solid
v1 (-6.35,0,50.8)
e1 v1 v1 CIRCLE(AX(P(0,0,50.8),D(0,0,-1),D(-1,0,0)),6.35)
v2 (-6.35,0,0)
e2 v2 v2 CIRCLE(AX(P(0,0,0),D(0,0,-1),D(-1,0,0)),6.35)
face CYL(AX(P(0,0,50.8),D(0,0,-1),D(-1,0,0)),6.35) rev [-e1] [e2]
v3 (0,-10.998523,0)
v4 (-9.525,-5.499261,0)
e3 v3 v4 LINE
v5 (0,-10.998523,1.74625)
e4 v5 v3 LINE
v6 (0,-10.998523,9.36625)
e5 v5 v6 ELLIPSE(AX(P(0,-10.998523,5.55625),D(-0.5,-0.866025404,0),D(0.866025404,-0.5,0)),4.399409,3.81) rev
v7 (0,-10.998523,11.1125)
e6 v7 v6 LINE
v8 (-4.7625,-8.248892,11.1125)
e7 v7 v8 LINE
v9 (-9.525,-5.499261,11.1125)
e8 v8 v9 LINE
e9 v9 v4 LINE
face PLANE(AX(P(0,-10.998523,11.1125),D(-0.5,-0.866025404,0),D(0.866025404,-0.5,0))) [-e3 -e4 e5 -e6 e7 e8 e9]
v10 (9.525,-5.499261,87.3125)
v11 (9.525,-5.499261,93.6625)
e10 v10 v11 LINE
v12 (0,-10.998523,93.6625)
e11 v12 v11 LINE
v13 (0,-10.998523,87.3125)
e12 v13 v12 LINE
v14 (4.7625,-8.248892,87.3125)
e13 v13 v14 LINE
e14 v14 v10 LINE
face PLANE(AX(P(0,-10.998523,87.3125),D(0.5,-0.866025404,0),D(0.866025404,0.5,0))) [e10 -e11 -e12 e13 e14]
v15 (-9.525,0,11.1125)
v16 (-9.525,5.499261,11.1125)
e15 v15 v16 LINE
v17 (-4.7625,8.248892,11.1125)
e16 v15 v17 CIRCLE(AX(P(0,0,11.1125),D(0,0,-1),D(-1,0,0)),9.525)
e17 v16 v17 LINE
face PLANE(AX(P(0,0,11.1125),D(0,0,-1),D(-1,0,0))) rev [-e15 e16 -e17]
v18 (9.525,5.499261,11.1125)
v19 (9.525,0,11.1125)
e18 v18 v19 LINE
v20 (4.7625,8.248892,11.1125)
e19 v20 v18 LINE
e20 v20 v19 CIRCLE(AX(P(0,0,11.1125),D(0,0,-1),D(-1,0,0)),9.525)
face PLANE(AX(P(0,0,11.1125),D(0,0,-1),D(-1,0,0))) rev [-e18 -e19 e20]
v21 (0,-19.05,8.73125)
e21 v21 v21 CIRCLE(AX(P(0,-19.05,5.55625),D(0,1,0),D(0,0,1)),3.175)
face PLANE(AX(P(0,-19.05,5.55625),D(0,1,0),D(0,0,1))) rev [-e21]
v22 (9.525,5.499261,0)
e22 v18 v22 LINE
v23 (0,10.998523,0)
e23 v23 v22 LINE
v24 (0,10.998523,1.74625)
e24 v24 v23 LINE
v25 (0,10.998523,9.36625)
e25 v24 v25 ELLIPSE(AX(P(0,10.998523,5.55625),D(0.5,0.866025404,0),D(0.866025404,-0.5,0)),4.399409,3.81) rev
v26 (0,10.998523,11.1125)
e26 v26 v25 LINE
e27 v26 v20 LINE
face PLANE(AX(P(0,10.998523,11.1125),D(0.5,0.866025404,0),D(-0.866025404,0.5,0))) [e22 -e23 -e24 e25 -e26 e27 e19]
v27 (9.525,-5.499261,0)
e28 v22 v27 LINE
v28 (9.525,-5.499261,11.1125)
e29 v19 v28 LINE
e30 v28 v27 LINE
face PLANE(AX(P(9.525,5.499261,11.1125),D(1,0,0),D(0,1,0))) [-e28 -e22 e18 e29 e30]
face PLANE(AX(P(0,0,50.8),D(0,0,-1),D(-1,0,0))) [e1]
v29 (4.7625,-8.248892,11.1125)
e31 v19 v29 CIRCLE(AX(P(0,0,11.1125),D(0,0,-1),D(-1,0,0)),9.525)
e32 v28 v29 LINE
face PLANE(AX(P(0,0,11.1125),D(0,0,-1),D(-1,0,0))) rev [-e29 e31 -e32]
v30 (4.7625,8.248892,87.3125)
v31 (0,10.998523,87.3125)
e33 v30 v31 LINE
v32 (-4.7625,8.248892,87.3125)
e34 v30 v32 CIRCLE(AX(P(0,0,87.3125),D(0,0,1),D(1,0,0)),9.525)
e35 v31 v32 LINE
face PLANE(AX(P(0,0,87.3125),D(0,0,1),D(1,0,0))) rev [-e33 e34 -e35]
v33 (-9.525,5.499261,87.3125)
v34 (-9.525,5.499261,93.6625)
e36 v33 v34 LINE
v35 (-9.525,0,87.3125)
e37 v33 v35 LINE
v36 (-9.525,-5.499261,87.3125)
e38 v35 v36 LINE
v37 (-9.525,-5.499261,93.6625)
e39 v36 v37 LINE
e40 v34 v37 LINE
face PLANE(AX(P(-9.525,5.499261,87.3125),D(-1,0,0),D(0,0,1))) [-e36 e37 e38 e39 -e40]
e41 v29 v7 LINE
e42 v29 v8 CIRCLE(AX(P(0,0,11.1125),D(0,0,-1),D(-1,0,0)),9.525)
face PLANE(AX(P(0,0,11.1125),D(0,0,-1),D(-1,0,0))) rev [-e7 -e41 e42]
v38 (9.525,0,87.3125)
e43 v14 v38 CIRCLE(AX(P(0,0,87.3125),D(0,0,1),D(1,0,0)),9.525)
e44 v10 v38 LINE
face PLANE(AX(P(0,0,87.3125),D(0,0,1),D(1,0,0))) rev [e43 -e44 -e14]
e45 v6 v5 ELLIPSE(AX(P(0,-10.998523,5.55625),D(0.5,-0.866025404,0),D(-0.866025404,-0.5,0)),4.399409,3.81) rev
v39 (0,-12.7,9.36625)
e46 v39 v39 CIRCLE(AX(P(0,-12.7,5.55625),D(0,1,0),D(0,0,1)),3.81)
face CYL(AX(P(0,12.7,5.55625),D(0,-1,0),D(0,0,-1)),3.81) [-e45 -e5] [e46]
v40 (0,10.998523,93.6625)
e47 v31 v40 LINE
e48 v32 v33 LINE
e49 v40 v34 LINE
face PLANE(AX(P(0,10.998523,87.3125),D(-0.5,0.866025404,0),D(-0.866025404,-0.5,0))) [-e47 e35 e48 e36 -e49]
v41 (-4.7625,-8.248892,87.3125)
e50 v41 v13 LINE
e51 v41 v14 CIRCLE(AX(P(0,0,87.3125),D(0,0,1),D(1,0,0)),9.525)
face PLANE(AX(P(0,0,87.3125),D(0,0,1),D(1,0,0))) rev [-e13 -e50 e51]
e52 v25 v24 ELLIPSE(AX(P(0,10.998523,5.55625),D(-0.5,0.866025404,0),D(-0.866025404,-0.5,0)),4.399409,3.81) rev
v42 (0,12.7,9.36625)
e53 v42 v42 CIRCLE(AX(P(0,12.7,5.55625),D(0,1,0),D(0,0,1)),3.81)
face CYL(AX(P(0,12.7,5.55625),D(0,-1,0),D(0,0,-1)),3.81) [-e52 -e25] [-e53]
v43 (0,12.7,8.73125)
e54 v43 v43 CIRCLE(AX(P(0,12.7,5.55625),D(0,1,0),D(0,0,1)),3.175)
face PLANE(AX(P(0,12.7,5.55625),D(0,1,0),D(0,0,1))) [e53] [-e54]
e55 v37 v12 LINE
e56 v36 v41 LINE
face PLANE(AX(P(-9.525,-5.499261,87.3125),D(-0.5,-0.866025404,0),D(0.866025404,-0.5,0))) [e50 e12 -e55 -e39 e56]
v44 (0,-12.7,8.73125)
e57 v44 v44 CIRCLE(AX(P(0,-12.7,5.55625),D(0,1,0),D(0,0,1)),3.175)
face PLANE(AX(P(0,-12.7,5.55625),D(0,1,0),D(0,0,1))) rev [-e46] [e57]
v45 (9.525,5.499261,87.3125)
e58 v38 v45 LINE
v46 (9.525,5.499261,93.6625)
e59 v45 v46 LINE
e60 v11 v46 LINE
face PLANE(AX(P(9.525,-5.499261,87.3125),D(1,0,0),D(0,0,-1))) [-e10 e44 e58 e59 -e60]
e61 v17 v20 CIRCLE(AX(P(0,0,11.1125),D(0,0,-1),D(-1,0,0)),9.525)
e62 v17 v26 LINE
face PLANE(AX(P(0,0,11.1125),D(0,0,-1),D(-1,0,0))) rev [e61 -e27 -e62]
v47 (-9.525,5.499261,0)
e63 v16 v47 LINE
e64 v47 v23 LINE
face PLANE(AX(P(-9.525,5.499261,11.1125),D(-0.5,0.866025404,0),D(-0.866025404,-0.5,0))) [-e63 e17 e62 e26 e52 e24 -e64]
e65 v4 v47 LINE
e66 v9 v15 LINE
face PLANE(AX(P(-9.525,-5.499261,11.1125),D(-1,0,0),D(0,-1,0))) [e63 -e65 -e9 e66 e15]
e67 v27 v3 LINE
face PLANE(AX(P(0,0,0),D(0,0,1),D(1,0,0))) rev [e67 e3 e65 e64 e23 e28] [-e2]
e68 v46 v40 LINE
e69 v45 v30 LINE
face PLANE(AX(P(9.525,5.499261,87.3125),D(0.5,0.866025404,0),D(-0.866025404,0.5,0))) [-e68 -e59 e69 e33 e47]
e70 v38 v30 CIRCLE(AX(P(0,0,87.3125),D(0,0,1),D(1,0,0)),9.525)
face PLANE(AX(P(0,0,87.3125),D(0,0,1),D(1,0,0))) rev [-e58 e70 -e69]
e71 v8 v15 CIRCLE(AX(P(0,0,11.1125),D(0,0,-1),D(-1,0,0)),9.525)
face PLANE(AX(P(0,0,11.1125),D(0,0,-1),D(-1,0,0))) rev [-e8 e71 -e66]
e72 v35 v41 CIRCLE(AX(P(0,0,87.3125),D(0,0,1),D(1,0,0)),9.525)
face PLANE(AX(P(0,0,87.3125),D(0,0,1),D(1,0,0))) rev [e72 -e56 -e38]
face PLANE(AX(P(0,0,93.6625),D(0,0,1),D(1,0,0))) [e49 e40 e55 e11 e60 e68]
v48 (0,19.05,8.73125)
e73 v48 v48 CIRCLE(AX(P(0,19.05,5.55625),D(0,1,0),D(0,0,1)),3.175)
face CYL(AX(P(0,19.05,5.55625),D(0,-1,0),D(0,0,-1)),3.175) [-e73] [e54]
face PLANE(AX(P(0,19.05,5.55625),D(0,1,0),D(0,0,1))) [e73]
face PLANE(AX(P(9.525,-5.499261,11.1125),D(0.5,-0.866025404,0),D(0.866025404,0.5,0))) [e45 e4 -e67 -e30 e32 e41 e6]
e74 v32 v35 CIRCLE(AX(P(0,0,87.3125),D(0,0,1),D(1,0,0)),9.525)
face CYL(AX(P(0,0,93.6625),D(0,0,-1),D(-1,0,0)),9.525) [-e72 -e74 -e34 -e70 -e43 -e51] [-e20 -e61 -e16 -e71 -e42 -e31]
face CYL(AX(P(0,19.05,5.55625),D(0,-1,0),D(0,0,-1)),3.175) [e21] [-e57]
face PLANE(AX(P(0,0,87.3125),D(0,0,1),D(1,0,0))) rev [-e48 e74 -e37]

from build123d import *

# Parameters (mm, degrees)
SKETCH6_R           = 9.525
BOSS_EXTRUDE5_DEPTH = 93.6625
BOSS_EXTRUDE6_DEPTH = 6.35
BOSS_EXTRUDE7_DEPTH = 11.1125
SKETCH9_R           = 3.175
BOSS_EXTRUDE8_DEPTH = 19.05
SKETCH11_R          = 3.81
BOSS_EXTRUDE9_DEPTH = 12.7
SKETCH12_R          = 6.35
CUT_EXTRUDE2_DEPTH  = 50.8


with BuildPart() as part:
    # Sketch6 → Boss-Extrude5 (new body)
    with BuildSketch(Plane.XY):
        Circle(SKETCH6_R)
    extrude(amount=BOSS_EXTRUDE5_DEPTH)

    # Sketch7 → Boss-Extrude6 (add)
    with BuildSketch(Plane.XY.offset(93.6625)):
        Polygon((0, 10.998522628), (-9.525, 5.499261314), (-9.525, -5.499261314), (0, -10.998522628), (9.525, -5.499261314), (9.525, 5.499261314), align=None)
    extrude(amount=-BOSS_EXTRUDE6_DEPTH)

    # Sketch8 → Boss-Extrude7 (add)
    with BuildSketch(Plane(origin=(0, 0, 0), x_dir=(-1, 0, 0), z_dir=(0, 0, -1))):
        Polygon((0, 10.998522628), (-9.525, 5.499261314), (-9.525, -5.499261314), (0, -10.998522628), (9.525, -5.499261314), (9.525, 5.499261314), align=None)
    extrude(amount=-BOSS_EXTRUDE7_DEPTH)

    # Sketch9 → Boss-Extrude8 (add, symmetric)
    with BuildSketch(Plane(origin=(0, 0, 0), x_dir=(1, 0, 0), z_dir=(0, 1, 0))):
        with Locations((0, -5.55625)):
            Circle(SKETCH9_R)
    extrude(amount=BOSS_EXTRUDE8_DEPTH, both=True)

    # Sketch11 → Boss-Extrude9 (add, symmetric)
    with BuildSketch(Plane(origin=(0, 0, 0), x_dir=(1, 0, 0), z_dir=(0, 1, 0))):
        with Locations((0, -5.55625)):
            Circle(SKETCH11_R)
    extrude(amount=BOSS_EXTRUDE9_DEPTH, both=True)

    # Sketch12 → Cut-Extrude2 (cut)
    with BuildSketch(Plane(origin=(0, 0, 0), x_dir=(-1, 0, 0), z_dir=(0, 0, -1))):
        Circle(SKETCH12_R)
    extrude(amount=-CUT_EXTRUDE2_DEPTH, mode=Mode.SUBTRACT)


solid = part.part
